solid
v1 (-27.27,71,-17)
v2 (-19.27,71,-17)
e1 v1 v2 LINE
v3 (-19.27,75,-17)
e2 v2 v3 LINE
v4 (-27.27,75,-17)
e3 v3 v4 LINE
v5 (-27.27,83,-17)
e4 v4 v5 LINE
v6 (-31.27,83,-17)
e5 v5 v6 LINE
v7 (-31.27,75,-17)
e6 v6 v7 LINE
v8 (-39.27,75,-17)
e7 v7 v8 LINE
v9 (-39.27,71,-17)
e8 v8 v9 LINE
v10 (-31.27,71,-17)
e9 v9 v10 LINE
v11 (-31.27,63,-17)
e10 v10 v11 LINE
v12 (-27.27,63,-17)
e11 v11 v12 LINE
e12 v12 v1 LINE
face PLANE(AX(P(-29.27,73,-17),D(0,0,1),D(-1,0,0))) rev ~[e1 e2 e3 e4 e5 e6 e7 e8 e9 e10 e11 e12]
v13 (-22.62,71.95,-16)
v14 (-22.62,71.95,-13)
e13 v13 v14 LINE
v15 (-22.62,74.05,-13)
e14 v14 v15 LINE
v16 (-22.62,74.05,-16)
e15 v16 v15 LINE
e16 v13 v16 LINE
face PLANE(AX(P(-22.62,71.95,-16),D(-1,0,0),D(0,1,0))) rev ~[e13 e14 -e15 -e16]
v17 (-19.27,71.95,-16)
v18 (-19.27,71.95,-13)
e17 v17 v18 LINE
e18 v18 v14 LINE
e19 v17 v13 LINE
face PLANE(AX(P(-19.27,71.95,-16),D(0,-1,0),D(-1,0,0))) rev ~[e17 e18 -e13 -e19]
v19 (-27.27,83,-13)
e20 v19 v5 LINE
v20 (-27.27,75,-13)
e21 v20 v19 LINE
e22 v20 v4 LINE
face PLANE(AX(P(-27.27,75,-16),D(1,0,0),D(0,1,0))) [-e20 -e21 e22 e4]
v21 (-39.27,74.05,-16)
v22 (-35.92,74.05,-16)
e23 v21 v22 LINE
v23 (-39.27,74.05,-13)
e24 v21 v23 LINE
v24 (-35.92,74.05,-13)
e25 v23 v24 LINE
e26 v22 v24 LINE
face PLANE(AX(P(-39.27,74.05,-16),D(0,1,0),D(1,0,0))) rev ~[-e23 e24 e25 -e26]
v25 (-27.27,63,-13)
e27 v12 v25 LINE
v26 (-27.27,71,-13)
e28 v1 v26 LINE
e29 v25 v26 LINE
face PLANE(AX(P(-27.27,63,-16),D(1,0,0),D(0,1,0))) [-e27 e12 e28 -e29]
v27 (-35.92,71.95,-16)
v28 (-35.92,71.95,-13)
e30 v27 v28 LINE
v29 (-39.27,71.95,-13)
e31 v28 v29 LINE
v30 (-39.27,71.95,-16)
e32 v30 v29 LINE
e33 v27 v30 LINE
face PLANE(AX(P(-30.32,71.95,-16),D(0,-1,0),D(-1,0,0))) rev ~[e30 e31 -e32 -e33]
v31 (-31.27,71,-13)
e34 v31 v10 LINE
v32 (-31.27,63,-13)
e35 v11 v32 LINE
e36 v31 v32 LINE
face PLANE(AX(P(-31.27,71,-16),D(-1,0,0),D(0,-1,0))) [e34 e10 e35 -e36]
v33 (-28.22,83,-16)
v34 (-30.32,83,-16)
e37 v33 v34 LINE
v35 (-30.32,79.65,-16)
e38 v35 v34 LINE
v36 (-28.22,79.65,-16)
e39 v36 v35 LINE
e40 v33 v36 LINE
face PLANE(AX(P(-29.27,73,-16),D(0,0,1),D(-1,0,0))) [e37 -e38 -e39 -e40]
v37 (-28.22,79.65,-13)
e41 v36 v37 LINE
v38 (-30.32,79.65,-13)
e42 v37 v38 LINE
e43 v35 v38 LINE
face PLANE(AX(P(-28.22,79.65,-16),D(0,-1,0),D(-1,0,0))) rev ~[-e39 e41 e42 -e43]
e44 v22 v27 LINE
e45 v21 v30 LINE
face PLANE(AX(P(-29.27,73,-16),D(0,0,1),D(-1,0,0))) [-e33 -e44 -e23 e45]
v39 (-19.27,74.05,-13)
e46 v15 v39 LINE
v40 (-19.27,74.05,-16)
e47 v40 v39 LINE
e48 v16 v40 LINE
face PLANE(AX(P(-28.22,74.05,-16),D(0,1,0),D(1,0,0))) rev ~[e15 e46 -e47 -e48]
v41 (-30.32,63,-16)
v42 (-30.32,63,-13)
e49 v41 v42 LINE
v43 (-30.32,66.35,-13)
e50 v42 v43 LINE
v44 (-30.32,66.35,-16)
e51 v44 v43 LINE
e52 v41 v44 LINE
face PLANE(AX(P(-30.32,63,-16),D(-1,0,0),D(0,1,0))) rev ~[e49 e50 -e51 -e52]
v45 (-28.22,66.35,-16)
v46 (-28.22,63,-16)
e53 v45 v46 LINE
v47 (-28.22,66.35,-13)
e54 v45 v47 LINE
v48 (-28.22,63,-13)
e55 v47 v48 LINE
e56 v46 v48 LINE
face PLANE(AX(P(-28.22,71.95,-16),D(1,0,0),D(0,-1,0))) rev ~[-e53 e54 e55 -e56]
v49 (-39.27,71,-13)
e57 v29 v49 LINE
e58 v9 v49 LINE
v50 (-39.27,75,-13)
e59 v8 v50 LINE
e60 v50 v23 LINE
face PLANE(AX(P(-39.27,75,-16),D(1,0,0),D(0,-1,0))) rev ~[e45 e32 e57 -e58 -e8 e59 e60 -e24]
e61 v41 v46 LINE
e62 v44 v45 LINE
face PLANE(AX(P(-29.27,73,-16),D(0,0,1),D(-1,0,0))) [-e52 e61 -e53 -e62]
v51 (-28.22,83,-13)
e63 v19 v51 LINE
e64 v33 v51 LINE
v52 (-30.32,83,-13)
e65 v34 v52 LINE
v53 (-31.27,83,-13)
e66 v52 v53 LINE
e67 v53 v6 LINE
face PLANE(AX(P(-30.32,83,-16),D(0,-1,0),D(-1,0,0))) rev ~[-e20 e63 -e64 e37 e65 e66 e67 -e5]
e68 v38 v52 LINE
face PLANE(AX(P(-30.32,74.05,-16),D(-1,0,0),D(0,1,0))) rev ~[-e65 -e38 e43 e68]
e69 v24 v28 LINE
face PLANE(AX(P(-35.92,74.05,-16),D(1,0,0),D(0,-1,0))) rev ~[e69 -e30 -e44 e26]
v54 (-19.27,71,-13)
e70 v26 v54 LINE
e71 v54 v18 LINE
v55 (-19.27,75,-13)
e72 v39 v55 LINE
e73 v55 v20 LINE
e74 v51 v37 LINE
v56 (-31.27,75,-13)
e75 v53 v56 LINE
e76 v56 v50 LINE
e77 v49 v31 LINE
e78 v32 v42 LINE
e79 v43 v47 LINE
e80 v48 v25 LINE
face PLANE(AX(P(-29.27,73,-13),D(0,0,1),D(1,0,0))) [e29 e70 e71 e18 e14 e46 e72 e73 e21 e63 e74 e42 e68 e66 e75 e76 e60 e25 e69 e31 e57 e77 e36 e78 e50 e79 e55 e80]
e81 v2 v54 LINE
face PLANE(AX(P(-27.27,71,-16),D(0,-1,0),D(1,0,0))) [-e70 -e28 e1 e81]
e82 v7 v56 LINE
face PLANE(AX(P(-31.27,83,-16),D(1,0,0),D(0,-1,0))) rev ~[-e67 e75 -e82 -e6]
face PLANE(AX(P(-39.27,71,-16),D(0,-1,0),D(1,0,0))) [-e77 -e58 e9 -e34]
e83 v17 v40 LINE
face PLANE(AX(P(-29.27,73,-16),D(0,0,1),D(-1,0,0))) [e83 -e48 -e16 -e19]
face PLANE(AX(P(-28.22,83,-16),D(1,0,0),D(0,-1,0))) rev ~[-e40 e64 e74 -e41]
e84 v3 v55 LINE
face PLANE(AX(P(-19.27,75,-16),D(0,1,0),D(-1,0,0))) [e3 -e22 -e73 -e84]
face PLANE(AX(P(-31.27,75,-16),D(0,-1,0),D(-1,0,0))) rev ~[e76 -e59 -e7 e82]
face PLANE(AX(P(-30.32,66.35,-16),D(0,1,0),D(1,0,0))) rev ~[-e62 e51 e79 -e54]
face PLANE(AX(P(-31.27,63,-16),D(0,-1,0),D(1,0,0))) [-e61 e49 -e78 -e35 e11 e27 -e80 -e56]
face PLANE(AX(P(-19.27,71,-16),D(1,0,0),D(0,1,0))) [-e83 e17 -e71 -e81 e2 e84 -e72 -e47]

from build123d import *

# Parameters (mm, degrees)
PAD331_DEPTH            = 1
PAD332_DEPTH            = 3
PAD333_DEPTH            = 3
BODY057_PLACEMENT_ANGLE = 180


with BuildPart() as part:
    # Sketch488 → Pad331 (new body)
    with BuildSketch(Plane.XY.offset(-28)):
        Polygon((-2, 2), (-2, 10), (2, 10), (2, 2), (10, 2), (10, -2), (2, -2), (2, -10), (-2, -10), (-2, -2), (-10, -2), (-10, 2), align=None)
    extrude(amount=PAD331_DEPTH)

    # Sketch489 (on Face13 of Pad331) → Pad332 (join)
    with BuildSketch(Plane(origin=(0, 0, -28), x_dir=(1, 0, 0), z_dir=(0, 0, -1))):
        Polygon((-2, 10), (-2, 2), (-10, 2), (-10, 1.05), (-1.05, 1.05), (-1.05, 10), align=None)
        Polygon((-10, -2), (-2, -2), (-2, -10), (-1.05, -10), (-1.05, -1.05), (-10, -1.05), align=None)
        Polygon((2, -10), (2, -2), (10, -2), (10, -1.05), (1.05, -1.05), (1.05, -10), align=None)
        Polygon((10, 2), (2, 2), (2, 10), (1.05, 10), (1.05, 1.05), (10, 1.05), align=None)
    extrude(amount=PAD332_DEPTH)

    # Sketch490 (on Face3 of Pad332) → Pad333 (join)
    with BuildSketch(Plane(origin=(0, 0, -28), x_dir=(1, 0, 0), z_dir=(0, 0, -1))):
        Polygon((-6.65, 1.05), (-6.65, -1.05), (-1.05, -1.05), (-1.05, -6.65), (1.05, -6.65), (1.05, -1.05), (6.65, -1.05), (6.65, 1.05), (1.05, 1.05), (1.05, 6.65), (-1.05, 6.65), (-1.05, 1.05), align=None)
    extrude(amount=PAD333_DEPTH)


with BuildPart() as part_1:
    # Body057 placement: moved
    add(part.part.moved(Location((-29.27, 73, -44))).rotate(Axis((-29.27, 73, -44), (1, 0, 0)), BODY057_PLACEMENT_ANGLE))


solid = part_1.part
